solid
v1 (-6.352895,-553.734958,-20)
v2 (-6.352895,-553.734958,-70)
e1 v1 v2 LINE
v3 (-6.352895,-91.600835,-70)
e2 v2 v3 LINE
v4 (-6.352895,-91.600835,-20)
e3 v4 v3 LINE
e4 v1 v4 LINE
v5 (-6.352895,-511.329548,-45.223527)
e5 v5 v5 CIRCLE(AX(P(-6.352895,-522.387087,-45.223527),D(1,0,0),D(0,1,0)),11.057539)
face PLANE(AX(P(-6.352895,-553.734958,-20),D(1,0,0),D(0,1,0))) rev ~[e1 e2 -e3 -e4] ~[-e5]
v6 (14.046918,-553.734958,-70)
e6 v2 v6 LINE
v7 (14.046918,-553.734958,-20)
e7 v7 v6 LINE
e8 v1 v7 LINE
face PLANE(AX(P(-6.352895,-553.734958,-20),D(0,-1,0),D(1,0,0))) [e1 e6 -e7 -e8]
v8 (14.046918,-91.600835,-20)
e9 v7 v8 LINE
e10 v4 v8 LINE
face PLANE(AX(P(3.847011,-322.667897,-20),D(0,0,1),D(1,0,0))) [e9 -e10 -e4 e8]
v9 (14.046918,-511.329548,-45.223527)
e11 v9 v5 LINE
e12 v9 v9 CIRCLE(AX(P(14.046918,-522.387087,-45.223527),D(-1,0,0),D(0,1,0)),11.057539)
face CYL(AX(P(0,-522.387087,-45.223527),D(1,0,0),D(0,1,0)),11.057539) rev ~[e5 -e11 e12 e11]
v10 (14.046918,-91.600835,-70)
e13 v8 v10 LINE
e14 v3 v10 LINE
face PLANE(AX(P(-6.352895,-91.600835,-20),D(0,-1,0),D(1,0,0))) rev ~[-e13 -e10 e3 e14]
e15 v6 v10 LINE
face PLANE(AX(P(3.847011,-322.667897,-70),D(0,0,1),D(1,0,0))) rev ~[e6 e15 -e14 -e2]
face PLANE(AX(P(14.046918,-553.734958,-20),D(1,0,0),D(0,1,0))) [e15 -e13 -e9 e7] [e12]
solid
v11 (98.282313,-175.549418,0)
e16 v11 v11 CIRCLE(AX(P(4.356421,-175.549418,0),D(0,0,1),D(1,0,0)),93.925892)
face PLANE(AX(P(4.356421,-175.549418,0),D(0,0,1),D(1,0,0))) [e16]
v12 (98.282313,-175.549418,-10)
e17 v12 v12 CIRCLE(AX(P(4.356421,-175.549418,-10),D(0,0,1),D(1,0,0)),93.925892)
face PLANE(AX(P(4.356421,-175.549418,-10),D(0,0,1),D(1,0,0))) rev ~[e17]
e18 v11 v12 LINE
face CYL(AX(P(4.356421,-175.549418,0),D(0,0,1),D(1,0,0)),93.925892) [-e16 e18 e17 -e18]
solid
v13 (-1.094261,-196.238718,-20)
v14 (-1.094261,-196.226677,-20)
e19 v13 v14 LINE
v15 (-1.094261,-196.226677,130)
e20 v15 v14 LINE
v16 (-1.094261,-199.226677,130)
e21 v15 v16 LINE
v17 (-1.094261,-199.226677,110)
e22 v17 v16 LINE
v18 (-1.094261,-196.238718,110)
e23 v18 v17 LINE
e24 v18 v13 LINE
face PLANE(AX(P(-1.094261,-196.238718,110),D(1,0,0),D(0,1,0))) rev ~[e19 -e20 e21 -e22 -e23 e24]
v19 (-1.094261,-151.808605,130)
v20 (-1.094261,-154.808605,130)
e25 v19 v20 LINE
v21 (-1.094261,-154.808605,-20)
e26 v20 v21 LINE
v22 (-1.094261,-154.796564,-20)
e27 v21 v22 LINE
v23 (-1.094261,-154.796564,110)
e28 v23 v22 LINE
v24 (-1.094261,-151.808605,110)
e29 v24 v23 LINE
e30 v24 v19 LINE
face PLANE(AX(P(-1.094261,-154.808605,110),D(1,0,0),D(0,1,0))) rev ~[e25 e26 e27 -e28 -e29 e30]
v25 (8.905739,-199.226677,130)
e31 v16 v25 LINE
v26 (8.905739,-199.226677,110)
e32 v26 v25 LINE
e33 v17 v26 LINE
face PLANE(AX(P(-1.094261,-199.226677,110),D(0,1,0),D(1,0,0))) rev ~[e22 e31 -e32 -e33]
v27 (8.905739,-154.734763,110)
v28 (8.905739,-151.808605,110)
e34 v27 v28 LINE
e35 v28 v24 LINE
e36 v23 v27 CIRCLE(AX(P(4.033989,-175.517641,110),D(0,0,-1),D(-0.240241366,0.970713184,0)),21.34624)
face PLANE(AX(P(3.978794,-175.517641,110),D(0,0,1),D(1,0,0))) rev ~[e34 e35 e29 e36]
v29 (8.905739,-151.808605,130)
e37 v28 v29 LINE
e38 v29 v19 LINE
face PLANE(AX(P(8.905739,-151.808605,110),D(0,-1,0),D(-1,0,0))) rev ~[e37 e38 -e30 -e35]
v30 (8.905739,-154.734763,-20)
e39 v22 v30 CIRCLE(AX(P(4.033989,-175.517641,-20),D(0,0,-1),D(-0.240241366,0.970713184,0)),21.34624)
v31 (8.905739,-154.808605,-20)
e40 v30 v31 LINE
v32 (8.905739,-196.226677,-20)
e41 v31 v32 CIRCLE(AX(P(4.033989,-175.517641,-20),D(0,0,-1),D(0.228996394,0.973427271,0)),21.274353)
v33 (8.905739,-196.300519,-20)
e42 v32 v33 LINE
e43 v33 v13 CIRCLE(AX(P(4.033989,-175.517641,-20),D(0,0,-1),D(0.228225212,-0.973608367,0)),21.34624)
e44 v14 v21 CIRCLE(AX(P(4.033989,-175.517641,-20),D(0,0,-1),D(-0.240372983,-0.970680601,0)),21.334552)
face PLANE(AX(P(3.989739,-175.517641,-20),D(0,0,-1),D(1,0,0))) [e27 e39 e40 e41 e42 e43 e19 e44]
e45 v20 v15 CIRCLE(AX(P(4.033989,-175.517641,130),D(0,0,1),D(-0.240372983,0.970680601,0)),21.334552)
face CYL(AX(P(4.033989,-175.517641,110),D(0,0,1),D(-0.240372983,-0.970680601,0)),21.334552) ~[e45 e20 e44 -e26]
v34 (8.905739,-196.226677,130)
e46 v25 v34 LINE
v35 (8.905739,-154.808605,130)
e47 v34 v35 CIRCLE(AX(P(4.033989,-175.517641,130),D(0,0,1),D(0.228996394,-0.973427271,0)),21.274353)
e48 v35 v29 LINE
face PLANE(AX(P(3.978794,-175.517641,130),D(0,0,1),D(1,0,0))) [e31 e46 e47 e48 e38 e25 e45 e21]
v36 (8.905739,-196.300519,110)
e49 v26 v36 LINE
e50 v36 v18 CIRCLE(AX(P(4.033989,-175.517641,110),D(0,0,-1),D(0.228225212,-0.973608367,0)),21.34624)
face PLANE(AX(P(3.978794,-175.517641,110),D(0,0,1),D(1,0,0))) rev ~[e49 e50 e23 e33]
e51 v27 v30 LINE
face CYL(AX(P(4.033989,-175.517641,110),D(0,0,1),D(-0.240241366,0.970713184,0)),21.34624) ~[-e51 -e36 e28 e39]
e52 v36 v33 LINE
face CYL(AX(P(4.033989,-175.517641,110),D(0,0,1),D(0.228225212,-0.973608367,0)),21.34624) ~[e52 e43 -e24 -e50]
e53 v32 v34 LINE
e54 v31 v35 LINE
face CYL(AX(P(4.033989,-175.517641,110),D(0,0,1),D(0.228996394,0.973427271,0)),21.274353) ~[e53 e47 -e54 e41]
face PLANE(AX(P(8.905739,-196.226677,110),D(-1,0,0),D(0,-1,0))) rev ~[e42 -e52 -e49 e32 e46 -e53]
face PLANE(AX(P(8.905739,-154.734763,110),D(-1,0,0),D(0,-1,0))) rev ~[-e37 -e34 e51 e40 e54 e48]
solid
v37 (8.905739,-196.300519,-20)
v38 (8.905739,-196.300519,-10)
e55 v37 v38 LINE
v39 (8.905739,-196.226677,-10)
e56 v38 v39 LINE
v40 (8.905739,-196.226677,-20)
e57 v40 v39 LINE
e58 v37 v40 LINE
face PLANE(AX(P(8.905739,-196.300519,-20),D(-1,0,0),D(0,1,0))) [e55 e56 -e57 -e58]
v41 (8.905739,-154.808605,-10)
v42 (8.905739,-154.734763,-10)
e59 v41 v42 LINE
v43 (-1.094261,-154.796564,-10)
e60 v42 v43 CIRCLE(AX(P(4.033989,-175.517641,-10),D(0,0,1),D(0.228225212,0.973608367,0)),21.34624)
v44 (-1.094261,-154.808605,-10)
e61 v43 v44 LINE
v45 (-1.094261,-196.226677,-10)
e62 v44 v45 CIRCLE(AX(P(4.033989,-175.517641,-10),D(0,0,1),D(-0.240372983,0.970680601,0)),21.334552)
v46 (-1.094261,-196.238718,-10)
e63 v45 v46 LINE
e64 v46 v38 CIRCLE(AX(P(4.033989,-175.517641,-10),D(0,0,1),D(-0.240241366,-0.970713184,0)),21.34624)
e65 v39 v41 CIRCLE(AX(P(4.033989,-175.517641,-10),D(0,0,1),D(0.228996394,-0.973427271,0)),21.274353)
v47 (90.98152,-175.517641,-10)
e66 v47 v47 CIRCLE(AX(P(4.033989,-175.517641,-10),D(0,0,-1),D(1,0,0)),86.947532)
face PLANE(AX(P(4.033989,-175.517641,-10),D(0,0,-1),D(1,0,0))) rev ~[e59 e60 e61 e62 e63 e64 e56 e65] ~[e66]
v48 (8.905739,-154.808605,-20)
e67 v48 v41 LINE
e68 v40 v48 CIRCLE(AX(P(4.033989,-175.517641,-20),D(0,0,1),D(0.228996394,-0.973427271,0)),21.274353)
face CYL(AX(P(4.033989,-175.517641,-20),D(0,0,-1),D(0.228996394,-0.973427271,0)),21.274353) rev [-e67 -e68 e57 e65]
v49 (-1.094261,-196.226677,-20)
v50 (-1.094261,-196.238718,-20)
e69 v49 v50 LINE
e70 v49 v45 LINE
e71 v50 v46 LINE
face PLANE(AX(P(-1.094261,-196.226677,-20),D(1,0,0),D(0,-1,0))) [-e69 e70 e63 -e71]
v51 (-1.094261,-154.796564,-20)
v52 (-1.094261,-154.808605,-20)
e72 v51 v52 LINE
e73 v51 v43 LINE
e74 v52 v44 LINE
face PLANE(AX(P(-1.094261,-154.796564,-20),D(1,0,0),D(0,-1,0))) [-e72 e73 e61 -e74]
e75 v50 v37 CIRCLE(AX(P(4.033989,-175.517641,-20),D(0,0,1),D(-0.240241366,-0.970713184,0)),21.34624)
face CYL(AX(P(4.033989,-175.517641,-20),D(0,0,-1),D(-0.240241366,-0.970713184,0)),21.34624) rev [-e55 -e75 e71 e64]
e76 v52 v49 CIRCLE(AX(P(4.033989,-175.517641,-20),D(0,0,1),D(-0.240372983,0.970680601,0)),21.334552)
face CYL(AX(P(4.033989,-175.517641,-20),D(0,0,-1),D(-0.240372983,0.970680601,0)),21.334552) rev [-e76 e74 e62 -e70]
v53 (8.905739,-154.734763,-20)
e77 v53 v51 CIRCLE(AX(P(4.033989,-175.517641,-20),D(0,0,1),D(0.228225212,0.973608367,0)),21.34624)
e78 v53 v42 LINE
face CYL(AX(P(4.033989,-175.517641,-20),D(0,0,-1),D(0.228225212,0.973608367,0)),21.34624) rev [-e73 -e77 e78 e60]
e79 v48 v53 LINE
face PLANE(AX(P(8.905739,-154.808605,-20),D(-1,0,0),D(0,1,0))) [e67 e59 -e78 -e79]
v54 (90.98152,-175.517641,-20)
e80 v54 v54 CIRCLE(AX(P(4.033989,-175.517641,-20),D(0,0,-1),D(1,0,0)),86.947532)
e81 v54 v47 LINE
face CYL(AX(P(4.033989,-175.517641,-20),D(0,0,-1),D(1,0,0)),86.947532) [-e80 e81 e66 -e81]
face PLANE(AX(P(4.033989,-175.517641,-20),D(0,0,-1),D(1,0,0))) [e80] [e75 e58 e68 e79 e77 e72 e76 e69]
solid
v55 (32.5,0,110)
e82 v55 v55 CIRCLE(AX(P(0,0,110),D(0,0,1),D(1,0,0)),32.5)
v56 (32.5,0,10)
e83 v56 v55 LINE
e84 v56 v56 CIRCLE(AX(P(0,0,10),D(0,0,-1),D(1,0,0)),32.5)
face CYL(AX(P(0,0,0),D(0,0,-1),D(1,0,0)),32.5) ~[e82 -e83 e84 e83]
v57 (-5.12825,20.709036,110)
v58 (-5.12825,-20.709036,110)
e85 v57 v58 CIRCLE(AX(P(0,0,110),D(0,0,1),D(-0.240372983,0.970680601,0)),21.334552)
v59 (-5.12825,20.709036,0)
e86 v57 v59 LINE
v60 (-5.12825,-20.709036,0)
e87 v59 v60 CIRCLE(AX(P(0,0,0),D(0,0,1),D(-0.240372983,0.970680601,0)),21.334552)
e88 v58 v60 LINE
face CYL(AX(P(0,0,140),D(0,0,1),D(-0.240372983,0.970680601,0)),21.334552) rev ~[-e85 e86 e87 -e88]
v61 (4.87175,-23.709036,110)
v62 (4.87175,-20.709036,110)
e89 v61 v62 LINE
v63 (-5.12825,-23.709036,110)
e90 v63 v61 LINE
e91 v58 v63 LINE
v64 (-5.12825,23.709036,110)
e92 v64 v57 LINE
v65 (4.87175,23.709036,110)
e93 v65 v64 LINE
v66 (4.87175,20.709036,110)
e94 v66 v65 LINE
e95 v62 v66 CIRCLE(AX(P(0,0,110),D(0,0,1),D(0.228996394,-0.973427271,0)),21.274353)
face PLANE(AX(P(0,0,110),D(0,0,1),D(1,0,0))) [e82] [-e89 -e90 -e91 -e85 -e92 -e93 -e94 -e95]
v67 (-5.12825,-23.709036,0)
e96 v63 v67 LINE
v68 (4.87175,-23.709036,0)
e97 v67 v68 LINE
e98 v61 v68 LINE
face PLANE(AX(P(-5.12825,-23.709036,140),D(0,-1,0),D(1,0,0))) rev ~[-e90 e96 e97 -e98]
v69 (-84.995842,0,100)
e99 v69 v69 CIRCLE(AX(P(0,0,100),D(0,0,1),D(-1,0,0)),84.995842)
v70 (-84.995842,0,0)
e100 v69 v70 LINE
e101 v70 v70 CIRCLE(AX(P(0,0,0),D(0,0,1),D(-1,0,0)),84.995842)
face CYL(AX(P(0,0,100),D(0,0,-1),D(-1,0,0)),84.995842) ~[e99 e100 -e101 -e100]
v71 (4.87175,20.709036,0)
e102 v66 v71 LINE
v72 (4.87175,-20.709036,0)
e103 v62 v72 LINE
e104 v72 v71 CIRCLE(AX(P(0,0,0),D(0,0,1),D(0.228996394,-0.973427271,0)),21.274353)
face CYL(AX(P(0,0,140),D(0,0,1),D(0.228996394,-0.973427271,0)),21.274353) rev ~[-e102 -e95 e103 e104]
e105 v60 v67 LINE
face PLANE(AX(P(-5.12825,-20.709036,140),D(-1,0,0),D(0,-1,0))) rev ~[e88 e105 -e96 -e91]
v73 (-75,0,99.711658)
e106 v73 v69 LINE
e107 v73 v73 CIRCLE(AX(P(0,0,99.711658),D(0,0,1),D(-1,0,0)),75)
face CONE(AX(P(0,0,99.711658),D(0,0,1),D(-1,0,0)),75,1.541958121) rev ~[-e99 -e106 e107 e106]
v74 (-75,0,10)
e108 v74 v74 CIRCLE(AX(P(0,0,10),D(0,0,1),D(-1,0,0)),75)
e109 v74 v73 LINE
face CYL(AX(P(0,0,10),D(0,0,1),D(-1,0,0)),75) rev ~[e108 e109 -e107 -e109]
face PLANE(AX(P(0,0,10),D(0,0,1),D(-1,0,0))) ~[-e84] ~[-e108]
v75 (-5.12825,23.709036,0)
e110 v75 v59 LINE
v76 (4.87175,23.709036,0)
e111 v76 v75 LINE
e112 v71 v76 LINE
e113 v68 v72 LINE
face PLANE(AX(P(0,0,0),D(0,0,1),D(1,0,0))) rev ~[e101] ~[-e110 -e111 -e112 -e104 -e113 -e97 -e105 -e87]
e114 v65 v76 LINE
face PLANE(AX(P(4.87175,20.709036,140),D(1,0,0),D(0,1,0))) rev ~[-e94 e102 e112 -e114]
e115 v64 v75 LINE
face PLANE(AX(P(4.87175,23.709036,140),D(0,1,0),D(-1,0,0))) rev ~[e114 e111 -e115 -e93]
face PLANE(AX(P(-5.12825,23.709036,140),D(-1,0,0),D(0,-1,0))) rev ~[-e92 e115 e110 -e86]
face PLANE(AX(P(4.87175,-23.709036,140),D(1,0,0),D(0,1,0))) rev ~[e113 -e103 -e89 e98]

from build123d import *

# Parameters (mm, degrees)
F3_R      = 32.5
F4_DEPTH  = 110
F7_DEPTH  = 150
F9_DEPTH  = 20
F11_DEPTH = 130
F13_R     = 86.9475315801
F14_DEPTH = 10
F16_R     = 93.9258918308
F17_DEPTH = 10
F18_W     = 20.3998130746
F18_H     = 462.1341228485
F19_DEPTH = 50
F20_R     = 11.0575389885
F21_DEPTH = 50
F22_DEPTH = 25


with BuildPart() as f1:
    # F0 (on Front) → F1 (revolve)
    with BuildSketch(Plane.XZ):
        Polygon((-75, 99.7116579087), (-84.9958420775, 100), (-84.9958420775, 0), (0, 0), (0, 10), (-75, 10), align=None)
    revolve(axis=Axis((0, 0, 5), (0, 0, 1)))

    # F3 (on Top) → F4 (join)
    with BuildSketch(Plane.XY):
        Circle(F3_R)
    extrude(amount=F4_DEPTH)

    # F6 (on offset) → F7 (cut)
    with BuildSketch(Plane.XY.offset(140)):
        with BuildLine():
            Line((4.8717501444, 20.7090355216), (4.8717501444, 23.7090355216))
            Line((4.8717501444, 23.7090355216), (-5.1282498556, 23.7090355216))
            Line((-5.1282498556, 23.7090355216), (-5.1282498556, 20.7090355216))
            ThreePointArc((-5.1282498556, 20.7090355216), (-21.3345517604, 0), (-5.1282498556, -20.7090355216))
            Line((-5.1282498556, -20.7090355216), (-5.1282498556, -23.7090355216))
            Line((-5.1282498556, -23.7090355216), (4.8717501444, -23.7090355216))
            Line((4.8717501444, -23.7090355216), (4.8717501444, -20.7090355216))
            ThreePointArc((4.8717501444, -20.7090355216), (21.2743531442, 0), (4.8717501444, 20.7090355216))
        make_face()
    extrude(amount=-F7_DEPTH, mode=Mode.SUBTRACT)


with BuildPart() as f9:
    # F8 (on offset) → F9 (new body)
    with BuildSketch(Plane.XY.offset(110)):
        with BuildLine():
            Line((8.9057389681, -154.8086054863), (8.9057389681, -151.8086054863))
            Line((8.9057389681, -151.8086054863), (-1.0942610319, -151.8086054863))
            Line((-1.0942610319, -151.8086054863), (-1.0942610319, -154.8086054863))
            ThreePointArc((-1.0942610319, -154.8086054863), (-17.3005629368, -175.5176410079), (-1.0942610319, -196.2266765295))
            Line((-1.0942610319, -196.2266765295), (-1.0942610319, -199.2266765295))
            Line((-1.0942610319, -199.2266765295), (8.9057389681, -199.2266765295))
            Line((8.9057389681, -199.2266765295), (8.9057389681, -196.2266765295))
            ThreePointArc((8.9057389681, -196.2266765295), (25.3083419679, -175.5176410079), (8.9057389681, -154.8086054863))
        make_face()
    extrude(amount=F9_DEPTH)

    # F10 (on face) → F11 (join)
    with BuildSketch(Plane(origin=(0, 0, 110), x_dir=(1, 0, 0), z_dir=(0, 0, -1))):
        with BuildLine():
            Line((8.9057389681, 196.2266765295), (8.9057389681, 196.3005188475))
            ThreePointArc((8.9057389681, 196.3005188475), (3.9020688679, 196.8634733386), (-1.0942610319, 196.238717577))
            Line((-1.0942610319, 196.238717577), (-1.0942610319, 196.2266765295))
            ThreePointArc((-1.0942610319, 196.2266765295), (-17.3005629368, 175.5176410079), (-1.0942610319, 154.8086054863))
            Line((-1.0942610319, 154.8086054863), (-1.0942610319, 154.7965644388))
            ThreePointArc((-1.0942610319, 154.7965644388), (3.9020688679, 154.1718086772), (8.9057389681, 154.7347631683))
            Line((8.9057389681, 154.7347631683), (8.9057389681, 154.8086054863))
            ThreePointArc((8.9057389681, 154.8086054863), (25.3083419679, 175.5176410079), (8.9057389681, 196.2266765295))
        make_face()
    extrude(amount=F11_DEPTH)


with BuildPart() as f14:
    # F13 (on face) → F14 (new body)
    with BuildSketch(Plane(origin=(0, 0, -20), x_dir=(1, 0, 0), z_dir=(0, 0, -1))):
        with Locations((4.0339888236, 175.5176410079)):
            Circle(F13_R)
        with BuildLine():
            ThreePointArc((8.9057389681, 154.7347631683), (3.9020688679, 154.1718086772), (-1.0942610319, 154.7965644388))
            Line((-1.0942610319, 154.7965644388), (-1.0942610319, 154.8086054863))
            ThreePointArc((-1.0942610319, 154.8086054863), (-17.3005629368, 175.5176410079), (-1.0942610319, 196.2266765295))
            Line((-1.0942610319, 196.2266765295), (-1.0942610319, 196.238717577))
            ThreePointArc((-1.0942610319, 196.238717577), (3.9020688679, 196.8634733386), (8.9057389681, 196.3005188475))
            Line((8.9057389681, 196.3005188475), (8.9057389681, 196.2266765295))
            ThreePointArc((8.9057389681, 196.2266765295), (25.3083419679, 175.5176410079), (8.9057389681, 154.8086054863))
            Line((8.9057389681, 154.8086054863), (8.9057389681, 154.7347631683))
        make_face(mode=Mode.SUBTRACT)
    extrude(amount=-F14_DEPTH)


with BuildPart() as f17:
    # F16 (on offset) → F17 (new body)
    with BuildSketch(Plane.XY):
        with Locations((4.3564210646, -175.5494177341)):
            Circle(F16_R)
    extrude(amount=-F17_DEPTH)


with BuildPart() as f19:
    # F18 (on offset) → F19 (new body)
    with BuildSketch(Plane.XY.offset(-20)):
        with Locations((3.8470111322, -322.6678967476)):
            Rectangle(F18_W, F18_H)
    extrude(amount=-F19_DEPTH)

    # F20 (on Right) → F21 (cut)
    with BuildSketch(Plane.YZ):
        with Locations((-522.3870873451, -45.2235266566)):
            Circle(F20_R)
    extrude(amount=F21_DEPTH, mode=Mode.SUBTRACT)

    # F20 (on Right) → F22 (cut)
    with BuildSketch(Plane.YZ):
        with Locations((-522.3870873451, -45.2235266566)):
            Circle(F20_R)
    extrude(amount=-F22_DEPTH, mode=Mode.SUBTRACT)


solid = Compound([f1.part, f9.part, f14.part, f17.part, f19.part])
